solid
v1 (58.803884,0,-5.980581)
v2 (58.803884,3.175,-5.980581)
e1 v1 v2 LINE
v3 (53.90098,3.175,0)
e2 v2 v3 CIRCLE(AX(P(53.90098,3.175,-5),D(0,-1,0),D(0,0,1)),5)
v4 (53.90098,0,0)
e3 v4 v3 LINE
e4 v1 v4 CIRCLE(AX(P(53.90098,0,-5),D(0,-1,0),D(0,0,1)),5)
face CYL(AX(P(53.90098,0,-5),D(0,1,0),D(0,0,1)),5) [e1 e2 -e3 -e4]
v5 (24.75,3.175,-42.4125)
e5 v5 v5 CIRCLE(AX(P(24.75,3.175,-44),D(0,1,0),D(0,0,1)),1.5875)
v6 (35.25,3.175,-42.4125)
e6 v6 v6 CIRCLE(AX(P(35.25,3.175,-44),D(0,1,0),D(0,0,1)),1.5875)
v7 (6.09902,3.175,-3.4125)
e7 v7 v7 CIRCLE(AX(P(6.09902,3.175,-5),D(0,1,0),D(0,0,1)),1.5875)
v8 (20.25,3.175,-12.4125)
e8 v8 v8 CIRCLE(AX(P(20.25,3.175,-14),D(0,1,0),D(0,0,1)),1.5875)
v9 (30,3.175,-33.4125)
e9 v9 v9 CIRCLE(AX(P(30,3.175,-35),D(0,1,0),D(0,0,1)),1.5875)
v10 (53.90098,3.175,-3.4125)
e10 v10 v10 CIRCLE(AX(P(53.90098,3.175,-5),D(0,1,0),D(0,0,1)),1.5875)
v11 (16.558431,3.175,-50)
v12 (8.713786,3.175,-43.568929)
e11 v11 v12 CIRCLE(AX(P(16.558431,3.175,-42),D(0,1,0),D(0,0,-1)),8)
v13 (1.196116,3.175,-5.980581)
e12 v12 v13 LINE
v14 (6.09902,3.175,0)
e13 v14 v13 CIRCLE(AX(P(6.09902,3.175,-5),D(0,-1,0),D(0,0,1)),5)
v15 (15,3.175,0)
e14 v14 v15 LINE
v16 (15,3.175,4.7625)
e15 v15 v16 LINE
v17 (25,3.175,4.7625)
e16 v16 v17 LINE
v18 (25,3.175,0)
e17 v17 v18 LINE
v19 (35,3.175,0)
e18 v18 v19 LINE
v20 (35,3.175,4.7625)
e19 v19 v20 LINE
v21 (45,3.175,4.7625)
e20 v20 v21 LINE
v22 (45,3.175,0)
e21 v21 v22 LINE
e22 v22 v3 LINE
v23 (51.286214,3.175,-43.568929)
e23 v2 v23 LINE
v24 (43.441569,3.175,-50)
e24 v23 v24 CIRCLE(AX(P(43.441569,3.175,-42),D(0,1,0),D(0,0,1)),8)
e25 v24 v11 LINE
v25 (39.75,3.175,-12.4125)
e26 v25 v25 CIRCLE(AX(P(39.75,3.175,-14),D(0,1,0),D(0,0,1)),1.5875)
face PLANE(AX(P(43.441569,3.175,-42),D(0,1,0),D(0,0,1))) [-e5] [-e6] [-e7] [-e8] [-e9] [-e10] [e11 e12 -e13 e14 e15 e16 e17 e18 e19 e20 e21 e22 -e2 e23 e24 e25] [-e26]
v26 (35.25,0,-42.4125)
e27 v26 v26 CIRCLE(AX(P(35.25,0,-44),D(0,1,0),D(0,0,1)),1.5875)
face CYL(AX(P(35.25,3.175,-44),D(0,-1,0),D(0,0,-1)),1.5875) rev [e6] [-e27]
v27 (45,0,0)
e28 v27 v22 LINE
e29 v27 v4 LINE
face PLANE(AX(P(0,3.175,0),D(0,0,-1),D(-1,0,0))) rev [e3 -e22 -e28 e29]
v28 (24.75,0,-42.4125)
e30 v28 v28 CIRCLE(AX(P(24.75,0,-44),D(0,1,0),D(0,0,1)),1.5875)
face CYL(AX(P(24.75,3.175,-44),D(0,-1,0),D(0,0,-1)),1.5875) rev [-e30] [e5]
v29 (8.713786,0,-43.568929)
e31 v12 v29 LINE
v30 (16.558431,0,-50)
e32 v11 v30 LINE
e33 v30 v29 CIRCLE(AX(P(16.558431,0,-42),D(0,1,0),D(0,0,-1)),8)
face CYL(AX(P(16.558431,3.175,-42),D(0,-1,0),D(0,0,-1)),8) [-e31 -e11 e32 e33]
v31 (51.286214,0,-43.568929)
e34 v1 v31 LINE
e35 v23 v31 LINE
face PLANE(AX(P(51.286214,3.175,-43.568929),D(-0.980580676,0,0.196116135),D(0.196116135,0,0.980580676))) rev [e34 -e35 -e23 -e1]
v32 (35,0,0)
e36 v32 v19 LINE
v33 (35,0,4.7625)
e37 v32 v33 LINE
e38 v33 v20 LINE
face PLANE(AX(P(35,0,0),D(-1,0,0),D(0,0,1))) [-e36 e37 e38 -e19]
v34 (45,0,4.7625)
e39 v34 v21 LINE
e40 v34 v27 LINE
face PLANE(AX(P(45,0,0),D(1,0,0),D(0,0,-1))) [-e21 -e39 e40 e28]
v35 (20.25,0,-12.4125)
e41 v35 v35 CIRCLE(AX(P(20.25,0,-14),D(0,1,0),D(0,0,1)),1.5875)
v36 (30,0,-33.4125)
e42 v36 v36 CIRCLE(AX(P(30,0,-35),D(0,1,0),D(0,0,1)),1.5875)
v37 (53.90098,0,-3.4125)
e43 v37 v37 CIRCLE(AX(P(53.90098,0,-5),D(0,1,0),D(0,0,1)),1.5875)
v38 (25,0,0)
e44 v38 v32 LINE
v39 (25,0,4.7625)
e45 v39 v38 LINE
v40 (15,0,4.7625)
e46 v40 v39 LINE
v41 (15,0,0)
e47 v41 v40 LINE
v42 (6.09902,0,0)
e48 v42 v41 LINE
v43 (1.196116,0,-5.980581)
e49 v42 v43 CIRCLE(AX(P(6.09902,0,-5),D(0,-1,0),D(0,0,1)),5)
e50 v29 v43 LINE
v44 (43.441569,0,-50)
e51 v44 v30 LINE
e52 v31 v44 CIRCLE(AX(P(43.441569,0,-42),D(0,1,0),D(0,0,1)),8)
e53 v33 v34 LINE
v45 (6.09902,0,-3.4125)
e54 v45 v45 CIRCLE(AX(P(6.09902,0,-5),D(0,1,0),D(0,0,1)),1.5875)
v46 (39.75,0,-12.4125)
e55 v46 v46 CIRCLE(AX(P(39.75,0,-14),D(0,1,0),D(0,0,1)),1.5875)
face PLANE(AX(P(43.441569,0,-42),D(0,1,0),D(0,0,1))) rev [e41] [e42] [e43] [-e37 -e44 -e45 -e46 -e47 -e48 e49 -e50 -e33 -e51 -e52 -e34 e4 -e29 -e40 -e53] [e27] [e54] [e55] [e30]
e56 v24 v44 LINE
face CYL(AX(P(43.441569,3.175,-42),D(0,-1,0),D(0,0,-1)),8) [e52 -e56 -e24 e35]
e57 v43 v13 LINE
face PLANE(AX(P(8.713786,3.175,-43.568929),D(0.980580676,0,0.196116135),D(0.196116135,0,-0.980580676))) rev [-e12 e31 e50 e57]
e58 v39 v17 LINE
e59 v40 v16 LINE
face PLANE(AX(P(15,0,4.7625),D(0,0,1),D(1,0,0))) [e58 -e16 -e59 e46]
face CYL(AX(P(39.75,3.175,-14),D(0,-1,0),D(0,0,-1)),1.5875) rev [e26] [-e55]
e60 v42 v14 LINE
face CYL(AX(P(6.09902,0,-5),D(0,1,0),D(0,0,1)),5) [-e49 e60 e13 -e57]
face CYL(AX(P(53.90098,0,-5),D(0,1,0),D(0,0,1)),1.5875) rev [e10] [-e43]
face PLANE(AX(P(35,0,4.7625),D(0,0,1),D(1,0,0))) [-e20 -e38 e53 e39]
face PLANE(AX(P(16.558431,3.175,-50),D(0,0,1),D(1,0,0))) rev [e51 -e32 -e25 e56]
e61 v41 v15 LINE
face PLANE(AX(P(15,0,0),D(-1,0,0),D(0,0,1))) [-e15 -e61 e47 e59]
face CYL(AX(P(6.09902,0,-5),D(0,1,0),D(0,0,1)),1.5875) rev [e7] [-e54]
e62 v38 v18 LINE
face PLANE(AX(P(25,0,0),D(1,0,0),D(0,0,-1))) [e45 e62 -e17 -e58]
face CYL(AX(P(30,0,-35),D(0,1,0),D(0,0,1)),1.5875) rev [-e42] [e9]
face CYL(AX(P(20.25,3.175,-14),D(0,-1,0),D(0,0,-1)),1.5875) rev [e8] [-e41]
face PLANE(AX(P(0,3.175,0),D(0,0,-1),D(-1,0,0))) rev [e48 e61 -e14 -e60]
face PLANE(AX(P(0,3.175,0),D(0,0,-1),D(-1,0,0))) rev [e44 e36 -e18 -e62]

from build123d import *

# Parameters (mm, degrees)
CROQUIS1_R              = 1.5875
SALIENTE_EXTRUIR1_DEPTH = 3.175
CROQUIS2_R              = 1.5875
CORTAR_EXTRUIR1_DEPTH   = 3.175
CROQUIS3_W              = 10
CROQUIS3_H              = 4.7625
SALIENTE_EXTRUIR2_DEPTH = 3.175


with BuildPart() as part:
    # Croquis1 → Saliente-Extruir1 (new body)
    with BuildSketch(Plane(origin=(0, 0, 0), x_dir=(1, 0, 0), z_dir=(0, 1, 0))):
        with BuildLine():
            Line((8.713785816, 43.568929081), (0, 0))
            Line((0, 0), (60, 0))
            Line((60, 0), (51.286214184, 43.568929081))
            ThreePointArc((51.286214184, 43.568929081), (48.513480023, 48.186737131), (43.441568778, 50))
            Line((43.441568778, 50), (16.558431222, 50))
            ThreePointArc((16.558431222, 50), (11.486519977, 48.186737131), (8.713785816, 43.568929081))
        make_face()
        with Locations((39.75, 14)):
            Circle(CROQUIS1_R, mode=Mode.SUBTRACT)
        with Locations((20.25, 14)):
            Circle(CROQUIS1_R, mode=Mode.SUBTRACT)
        with Locations((24.75, 44)):
            Circle(CROQUIS1_R, mode=Mode.SUBTRACT)
        with Locations((35.25, 44)):
            Circle(CROQUIS1_R, mode=Mode.SUBTRACT)
    extrude(amount=SALIENTE_EXTRUIR1_DEPTH)

    # Croquis2 → Cortar-Extruir1 (cut)
    with BuildSketch(Plane(origin=(0, 3.175, 0), x_dir=(1, 0, 0), z_dir=(0, 1, 0))):
        with Locations((30, 35)):
            Circle(CROQUIS2_R)
        with Locations((6.099019514, 5)):
            Circle(CROQUIS2_R)
        with Locations((53.900980486, 5)):
            Circle(CROQUIS2_R)
        with BuildLine():
            Line((53.900980486, 0), (60, 0))
            Line((60, 0), (58.803883865, 5.980580676))
            ThreePointArc((58.803883865, 5.980580676), (57.767691193, 1.830055472), (53.900980486, 0))
        make_face()
        with BuildLine():
            Line((1.196116135, 5.980580676), (0, 0))
            Line((0, 0), (6.099019514, 0))
            ThreePointArc((6.099019514, 0), (2.232308807, 1.830055472), (1.196116135, 5.980580676))
        make_face()
    extrude(amount=-CORTAR_EXTRUIR1_DEPTH, mode=Mode.SUBTRACT)

    # Croquis3 → Saliente-Extruir2 (add)
    with BuildSketch(Plane(origin=(0, 3.175, 0), x_dir=(1, 0, 0), z_dir=(0, 1, 0))):
        with Locations((20, -2.38125)):
            Rectangle(CROQUIS3_W, CROQUIS3_H)
        with Locations((40, -2.38125)):
            Rectangle(CROQUIS3_W, CROQUIS3_H)
    extrude(amount=-SALIENTE_EXTRUIR2_DEPTH)


solid = part.part
